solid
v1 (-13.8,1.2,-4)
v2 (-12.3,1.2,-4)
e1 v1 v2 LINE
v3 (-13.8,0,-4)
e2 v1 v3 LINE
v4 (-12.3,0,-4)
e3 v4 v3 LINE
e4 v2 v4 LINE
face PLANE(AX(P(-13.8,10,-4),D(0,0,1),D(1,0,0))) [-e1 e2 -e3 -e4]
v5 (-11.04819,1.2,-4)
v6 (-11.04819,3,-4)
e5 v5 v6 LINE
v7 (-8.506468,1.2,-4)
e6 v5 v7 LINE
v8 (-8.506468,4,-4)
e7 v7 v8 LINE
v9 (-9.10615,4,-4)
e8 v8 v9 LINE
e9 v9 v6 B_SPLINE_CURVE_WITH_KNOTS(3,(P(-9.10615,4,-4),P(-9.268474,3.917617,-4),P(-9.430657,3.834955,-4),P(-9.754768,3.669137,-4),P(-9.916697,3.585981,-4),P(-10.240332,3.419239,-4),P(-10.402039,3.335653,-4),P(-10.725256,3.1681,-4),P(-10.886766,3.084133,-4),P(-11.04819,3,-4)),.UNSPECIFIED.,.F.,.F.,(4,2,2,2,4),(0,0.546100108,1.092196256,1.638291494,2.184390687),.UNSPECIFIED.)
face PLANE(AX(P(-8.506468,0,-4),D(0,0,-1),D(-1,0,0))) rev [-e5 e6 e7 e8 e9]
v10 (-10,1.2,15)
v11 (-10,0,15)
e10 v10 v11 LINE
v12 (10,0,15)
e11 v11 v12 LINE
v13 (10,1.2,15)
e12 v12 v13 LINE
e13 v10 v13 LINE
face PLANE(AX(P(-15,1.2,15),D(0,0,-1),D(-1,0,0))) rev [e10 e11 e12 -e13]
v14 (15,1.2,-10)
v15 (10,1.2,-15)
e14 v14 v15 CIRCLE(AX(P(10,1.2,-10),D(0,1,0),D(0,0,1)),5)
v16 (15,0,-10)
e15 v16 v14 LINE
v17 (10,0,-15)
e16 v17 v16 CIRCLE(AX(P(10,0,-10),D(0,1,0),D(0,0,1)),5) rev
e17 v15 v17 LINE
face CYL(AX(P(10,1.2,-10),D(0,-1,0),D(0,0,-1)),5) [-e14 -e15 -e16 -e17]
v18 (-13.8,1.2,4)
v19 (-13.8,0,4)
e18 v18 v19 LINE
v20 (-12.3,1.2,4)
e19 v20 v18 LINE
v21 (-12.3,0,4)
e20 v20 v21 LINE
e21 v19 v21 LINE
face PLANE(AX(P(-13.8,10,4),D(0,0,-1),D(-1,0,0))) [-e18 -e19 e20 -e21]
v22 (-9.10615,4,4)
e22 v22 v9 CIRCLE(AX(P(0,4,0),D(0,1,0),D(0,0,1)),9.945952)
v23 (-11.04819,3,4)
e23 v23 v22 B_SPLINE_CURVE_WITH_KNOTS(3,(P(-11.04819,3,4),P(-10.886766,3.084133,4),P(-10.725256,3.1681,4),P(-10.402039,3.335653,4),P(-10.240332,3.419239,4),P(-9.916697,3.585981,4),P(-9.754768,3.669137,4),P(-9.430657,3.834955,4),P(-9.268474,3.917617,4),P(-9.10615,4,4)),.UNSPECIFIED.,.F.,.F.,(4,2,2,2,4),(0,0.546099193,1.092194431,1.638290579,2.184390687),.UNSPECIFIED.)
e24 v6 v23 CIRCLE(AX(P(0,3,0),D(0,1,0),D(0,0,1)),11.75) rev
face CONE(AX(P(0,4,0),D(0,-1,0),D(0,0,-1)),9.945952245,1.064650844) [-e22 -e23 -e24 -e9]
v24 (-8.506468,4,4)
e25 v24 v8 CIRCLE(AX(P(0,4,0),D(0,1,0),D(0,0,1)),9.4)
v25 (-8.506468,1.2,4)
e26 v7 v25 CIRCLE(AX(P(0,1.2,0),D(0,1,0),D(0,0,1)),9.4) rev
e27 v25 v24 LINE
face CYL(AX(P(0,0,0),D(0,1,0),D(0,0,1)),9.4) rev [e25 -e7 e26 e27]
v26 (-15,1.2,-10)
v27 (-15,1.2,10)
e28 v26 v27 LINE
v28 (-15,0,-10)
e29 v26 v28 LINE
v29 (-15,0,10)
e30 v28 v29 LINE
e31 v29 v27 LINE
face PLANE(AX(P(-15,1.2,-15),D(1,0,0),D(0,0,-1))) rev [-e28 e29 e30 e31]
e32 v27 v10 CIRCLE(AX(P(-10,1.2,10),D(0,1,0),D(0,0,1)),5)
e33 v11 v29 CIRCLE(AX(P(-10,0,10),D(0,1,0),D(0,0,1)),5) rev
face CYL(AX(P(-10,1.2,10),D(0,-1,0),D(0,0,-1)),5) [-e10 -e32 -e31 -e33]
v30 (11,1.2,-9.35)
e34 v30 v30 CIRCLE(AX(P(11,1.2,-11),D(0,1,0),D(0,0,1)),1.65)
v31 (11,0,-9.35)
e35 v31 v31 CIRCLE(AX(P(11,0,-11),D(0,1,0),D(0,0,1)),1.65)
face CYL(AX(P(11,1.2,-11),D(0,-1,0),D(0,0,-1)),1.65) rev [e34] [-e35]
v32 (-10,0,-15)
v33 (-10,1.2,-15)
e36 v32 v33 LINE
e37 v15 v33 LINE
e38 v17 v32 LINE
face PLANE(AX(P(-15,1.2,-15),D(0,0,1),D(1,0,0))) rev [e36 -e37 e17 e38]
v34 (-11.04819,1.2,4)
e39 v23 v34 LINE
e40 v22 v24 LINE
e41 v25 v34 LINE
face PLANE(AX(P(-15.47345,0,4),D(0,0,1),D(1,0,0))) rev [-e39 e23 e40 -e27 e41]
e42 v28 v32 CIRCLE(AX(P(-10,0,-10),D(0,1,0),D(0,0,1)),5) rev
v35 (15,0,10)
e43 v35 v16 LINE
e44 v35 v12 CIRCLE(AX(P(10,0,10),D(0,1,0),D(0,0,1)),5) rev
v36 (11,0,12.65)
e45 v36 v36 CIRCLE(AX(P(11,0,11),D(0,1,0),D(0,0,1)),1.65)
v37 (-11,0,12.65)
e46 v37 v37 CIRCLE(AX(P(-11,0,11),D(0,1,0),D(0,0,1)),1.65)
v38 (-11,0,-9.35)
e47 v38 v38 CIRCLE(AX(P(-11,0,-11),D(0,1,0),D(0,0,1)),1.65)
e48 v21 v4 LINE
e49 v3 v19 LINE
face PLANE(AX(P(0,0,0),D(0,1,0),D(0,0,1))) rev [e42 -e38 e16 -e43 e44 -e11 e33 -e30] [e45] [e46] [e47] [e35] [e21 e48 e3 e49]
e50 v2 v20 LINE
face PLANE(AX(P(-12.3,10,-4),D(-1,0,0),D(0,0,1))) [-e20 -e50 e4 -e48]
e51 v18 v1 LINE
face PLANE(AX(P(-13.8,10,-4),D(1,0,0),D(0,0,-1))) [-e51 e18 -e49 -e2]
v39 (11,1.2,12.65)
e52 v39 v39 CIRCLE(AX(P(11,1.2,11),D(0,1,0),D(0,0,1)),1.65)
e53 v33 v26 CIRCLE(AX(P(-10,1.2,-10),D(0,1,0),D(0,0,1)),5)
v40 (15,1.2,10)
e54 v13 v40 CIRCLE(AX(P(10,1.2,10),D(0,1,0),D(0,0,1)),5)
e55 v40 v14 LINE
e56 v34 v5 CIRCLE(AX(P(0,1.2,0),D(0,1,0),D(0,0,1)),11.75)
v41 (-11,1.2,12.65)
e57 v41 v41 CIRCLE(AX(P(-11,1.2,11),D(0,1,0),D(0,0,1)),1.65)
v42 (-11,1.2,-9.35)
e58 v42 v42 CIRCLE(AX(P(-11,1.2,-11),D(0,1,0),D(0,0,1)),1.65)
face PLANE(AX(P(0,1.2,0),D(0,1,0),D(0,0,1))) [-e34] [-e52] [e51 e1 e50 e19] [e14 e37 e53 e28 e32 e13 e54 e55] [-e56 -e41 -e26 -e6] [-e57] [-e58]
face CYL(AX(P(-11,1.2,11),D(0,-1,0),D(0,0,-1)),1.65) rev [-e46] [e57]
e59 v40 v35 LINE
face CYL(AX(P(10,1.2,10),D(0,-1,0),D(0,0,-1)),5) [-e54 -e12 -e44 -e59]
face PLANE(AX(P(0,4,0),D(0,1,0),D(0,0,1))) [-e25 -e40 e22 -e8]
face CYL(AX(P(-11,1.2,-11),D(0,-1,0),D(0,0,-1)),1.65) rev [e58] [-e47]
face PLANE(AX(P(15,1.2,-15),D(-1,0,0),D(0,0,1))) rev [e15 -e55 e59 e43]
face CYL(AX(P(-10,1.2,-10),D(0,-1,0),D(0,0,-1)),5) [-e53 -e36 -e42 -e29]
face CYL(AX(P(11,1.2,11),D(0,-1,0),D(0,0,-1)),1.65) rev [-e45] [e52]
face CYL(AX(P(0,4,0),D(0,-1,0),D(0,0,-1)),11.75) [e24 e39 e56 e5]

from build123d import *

# Parameters (mm, degrees)
SKETCH2_R           = 11.75
BOSS_EXTRUDE1_DEPTH = 4
CUT_EXTRUDE1_DEPTH  = 4
SKETCH4_W           = 30
SKETCH4_H           = 30
SKETCH4_R           = 1.65
BOSS_EXTRUDE2_DEPTH = 1.2
FILLET2_R           = 5
SKETCH6_W           = 1.5
SKETCH6_H           = 8
CUT_EXTRUDE2_DEPTH  = 10
CHAMFER1_SIZE       = 1
CHAMFER1_SIZE2      = 1.804047755


with BuildPart() as part:
    # Sketch2 → Boss-Extrude1 (new body)
    with BuildSketch(Plane(origin=(0, 0, 0), x_dir=(1, 0, 0), z_dir=(0, 1, 0))):
        with Locations(Location((0, 0, 0), (0, 0, 270))):
            Circle(SKETCH2_R)
    extrude(amount=BOSS_EXTRUDE1_DEPTH)

    # Sketch3 → Cut-Extrude1 (cut)
    with BuildSketch(Plane(origin=(0, 4, 0), x_dir=(1, 0, 0), z_dir=(0, 1, 0))):
        with BuildLine():
            Line((-8.506468127, 4), (-15.473450434, 4))
            Line((-15.473450434, 4), (-15.473450434, -4))
            Line((-15.473450434, -4), (-8.506468127, -4))
            ThreePointArc((-8.506468127, -4), (9.4, 0), (-8.506468127, 4))
        make_face()
    extrude(amount=-CUT_EXTRUDE1_DEPTH, mode=Mode.SUBTRACT)

    # Sketch4 → Boss-Extrude2 (add)
    with BuildSketch(Plane(origin=(0, 0, 0), x_dir=(1, 0, 0), z_dir=(0, 1, 0))):
        Rectangle(SKETCH4_W, SKETCH4_H)
        with Locations(Location((11, -11, 0), (0, 0, 270))):
            Circle(SKETCH4_R, mode=Mode.SUBTRACT)
        with Locations(Location((-11, -11, 0), (0, 0, 270))):
            Circle(SKETCH4_R, mode=Mode.SUBTRACT)
        with Locations(Location((-11, 11, 0), (0, 0, 270))):
            Circle(SKETCH4_R, mode=Mode.SUBTRACT)
        with Locations(Location((11, 11, 0), (0, 0, 270))):
            Circle(SKETCH4_R, mode=Mode.SUBTRACT)
    extrude(amount=BOSS_EXTRUDE2_DEPTH)

    # Fillet2
    fillet2_edges = [part.edges().sort_by_distance(p)[0] for p in [
        (15, 0.6, 15),
        (15, 0.6, -15),
        (-15, 0.6, -15),
        (-15, 0.6, 15),
    ]]
    fillet(fillet2_edges, radius=FILLET2_R)

    # Sketch6 → Cut-Extrude2 (cut)
    with BuildSketch(Plane(origin=(0, 0, 0), x_dir=(1, 0, 0), z_dir=(0, 1, 0))):
        with Locations((-13.05, 0)):
            Rectangle(SKETCH6_W, SKETCH6_H)
    extrude(amount=CUT_EXTRUDE2_DEPTH, mode=Mode.SUBTRACT)

    # Chamfer1
    chamfer1_edges = [part.edges().sort_by_distance(p)[0] for p in [
        (11.75, 4, 0),
    ]]
    chamfer1_side = [part.faces().sort_by_distance(p)[0] for p in [
        (11.75, 2.6, 0),
    ]]
    chamfer(chamfer1_edges, length=CHAMFER1_SIZE, length2=CHAMFER1_SIZE2, reference=chamfer1_side[0])


solid = part.part
